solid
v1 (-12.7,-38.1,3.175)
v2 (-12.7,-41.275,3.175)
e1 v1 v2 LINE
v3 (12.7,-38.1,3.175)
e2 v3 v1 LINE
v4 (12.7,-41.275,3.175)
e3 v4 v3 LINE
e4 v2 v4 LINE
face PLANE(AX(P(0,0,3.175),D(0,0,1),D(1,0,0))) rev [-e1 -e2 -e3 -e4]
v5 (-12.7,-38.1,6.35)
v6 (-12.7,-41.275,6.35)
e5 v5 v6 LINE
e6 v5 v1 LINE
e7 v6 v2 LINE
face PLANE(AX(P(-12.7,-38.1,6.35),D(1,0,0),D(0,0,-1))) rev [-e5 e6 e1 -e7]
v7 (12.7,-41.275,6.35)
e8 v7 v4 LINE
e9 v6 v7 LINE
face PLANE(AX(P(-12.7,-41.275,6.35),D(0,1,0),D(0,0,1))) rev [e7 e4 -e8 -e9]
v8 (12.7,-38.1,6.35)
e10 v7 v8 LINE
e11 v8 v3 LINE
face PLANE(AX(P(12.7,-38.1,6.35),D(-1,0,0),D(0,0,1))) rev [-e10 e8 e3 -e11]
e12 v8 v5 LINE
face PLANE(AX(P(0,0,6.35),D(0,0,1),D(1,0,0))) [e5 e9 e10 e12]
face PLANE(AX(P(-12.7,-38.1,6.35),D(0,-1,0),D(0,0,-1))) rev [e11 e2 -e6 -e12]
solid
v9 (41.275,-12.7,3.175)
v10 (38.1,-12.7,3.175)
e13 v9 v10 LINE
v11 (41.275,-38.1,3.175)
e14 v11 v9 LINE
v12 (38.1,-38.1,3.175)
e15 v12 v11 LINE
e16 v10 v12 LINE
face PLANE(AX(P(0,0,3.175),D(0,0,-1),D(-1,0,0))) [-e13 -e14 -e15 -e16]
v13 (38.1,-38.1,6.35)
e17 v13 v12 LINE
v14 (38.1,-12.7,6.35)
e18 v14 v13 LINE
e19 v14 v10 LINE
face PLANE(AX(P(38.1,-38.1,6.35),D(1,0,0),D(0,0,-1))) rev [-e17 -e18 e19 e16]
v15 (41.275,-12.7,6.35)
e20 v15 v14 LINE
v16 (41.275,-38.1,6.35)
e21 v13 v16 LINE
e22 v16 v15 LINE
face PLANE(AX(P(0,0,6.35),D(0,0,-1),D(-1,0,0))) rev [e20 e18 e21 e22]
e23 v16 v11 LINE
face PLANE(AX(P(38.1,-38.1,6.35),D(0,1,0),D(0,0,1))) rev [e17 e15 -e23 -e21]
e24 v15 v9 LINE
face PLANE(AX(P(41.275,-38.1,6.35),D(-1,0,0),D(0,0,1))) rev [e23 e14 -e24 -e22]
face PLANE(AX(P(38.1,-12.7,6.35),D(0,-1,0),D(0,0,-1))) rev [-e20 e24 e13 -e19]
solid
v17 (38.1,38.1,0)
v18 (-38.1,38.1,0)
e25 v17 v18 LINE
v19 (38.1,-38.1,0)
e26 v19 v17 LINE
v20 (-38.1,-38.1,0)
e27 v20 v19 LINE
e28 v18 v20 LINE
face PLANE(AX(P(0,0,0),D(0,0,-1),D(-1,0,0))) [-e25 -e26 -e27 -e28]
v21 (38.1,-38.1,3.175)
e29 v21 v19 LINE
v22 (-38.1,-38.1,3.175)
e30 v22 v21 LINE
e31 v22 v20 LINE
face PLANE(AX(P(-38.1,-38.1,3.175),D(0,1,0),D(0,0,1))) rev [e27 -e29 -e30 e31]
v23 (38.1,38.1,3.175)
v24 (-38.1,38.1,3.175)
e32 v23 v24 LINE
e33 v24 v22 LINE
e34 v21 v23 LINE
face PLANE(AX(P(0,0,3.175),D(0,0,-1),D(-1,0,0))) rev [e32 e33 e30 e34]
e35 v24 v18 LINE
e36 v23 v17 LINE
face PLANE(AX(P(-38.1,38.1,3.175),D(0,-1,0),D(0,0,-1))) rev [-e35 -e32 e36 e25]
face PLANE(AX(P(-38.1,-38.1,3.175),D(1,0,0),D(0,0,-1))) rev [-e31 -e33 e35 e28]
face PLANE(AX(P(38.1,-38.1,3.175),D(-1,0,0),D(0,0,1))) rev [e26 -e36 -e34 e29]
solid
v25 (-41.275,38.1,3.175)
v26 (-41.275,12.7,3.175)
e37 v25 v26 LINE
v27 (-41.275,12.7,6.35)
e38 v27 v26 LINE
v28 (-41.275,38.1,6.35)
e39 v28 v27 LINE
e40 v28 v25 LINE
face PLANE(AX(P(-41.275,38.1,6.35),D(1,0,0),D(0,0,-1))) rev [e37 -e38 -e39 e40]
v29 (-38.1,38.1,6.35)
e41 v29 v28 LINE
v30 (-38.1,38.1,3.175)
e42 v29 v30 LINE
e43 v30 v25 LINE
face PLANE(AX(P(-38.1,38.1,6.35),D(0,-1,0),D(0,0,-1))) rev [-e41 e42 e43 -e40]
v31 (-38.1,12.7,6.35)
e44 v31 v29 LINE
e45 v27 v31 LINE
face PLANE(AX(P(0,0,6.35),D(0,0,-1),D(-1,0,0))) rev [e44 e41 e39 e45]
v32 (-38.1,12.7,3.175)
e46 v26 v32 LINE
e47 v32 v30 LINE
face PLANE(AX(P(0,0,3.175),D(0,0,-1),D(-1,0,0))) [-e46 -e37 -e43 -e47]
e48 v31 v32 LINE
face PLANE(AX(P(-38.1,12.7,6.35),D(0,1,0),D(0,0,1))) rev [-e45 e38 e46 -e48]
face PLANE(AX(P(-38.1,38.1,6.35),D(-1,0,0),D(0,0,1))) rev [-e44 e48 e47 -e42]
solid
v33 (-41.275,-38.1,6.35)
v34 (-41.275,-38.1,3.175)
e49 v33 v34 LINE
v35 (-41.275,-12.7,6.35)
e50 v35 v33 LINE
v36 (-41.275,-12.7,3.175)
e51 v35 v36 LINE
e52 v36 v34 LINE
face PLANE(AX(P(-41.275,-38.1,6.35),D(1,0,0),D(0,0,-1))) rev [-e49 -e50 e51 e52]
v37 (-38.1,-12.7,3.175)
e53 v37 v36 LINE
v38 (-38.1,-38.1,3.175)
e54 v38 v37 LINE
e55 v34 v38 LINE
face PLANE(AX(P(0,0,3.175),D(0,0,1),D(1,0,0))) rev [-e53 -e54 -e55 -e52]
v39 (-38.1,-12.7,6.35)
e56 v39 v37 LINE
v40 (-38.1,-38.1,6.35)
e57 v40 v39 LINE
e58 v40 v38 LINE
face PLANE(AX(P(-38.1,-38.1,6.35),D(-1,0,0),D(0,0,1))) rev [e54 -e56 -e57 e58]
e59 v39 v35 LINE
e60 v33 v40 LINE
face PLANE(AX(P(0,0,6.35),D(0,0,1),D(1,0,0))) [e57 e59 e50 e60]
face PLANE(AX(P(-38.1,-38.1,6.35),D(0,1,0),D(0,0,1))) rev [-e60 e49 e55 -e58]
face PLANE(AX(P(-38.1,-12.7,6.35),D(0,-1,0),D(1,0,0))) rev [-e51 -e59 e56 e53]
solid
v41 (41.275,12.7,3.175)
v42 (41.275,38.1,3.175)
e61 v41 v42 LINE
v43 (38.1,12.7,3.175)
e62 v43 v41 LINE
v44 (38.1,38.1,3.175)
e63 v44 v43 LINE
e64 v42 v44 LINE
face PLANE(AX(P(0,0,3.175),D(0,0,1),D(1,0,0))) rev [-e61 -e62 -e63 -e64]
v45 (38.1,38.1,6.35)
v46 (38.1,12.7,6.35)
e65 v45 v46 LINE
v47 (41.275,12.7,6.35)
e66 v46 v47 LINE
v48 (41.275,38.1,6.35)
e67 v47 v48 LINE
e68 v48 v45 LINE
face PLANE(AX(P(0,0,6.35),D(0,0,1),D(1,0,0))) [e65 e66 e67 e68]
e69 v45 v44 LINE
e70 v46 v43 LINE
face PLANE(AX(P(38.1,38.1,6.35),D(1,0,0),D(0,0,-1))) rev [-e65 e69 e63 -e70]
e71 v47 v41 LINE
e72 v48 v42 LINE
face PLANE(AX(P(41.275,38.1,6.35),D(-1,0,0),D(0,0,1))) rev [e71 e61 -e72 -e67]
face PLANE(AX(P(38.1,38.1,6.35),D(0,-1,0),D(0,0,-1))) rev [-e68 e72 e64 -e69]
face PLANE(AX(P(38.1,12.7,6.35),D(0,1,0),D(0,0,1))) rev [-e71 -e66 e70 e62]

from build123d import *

# Parameters (mm, degrees)
SKETCH2_W             = 76.2
SKETCH2_H             = 76.2
BOSS_EXTRUDE1_DEPTH   = 3.175
SKETCH4_W             = 3.175
SKETCH4_H             = 25.4
BOSS_EXTRUDE2_DEPTH   = 3.175
BOSS_EXTRUDE2_2_DEPTH = 3.175
SKETCH4_W_2           = 25.4
SKETCH4_H_2           = 3.175
BOSS_EXTRUDE2_3_DEPTH = 3.175
BOSS_EXTRUDE2_4_DEPTH = 3.175
BOSS_EXTRUDE2_5_DEPTH = 3.175


with BuildPart() as part:
    # Sketch2 → Boss-Extrude1 (new body)
    with BuildSketch(Plane.XY):
        Rectangle(SKETCH2_W, SKETCH2_H)
    extrude(amount=BOSS_EXTRUDE1_DEPTH)


with BuildPart() as body_2:
    # Sketch4 → Boss-Extrude2 (new body)
    with BuildSketch(Plane.XY.offset(3.175)):
        with Locations((-39.6875, 25.4)):
            Rectangle(SKETCH4_W, SKETCH4_H)
    extrude(amount=BOSS_EXTRUDE2_DEPTH)


with BuildPart() as body_3:
    # Sketch4 → Boss-Extrude2 2 (new body)
    with BuildSketch(Plane.XY.offset(3.175)):
        with Locations((-39.6875, -25.4)):
            Rectangle(SKETCH4_W, SKETCH4_H)
    extrude(amount=BOSS_EXTRUDE2_2_DEPTH)


with BuildPart() as body_4:
    # Sketch4 → Boss-Extrude2 3 (new body)
    with BuildSketch(Plane.XY.offset(3.175)):
        with Locations((0, -39.6875)):
            Rectangle(SKETCH4_W_2, SKETCH4_H_2)
    extrude(amount=BOSS_EXTRUDE2_3_DEPTH)


with BuildPart() as body_5:
    # Sketch4 → Boss-Extrude2 4 (new body)
    with BuildSketch(Plane.XY.offset(3.175)):
        with Locations((39.6875, 25.4)):
            Rectangle(SKETCH4_W, SKETCH4_H)
    extrude(amount=BOSS_EXTRUDE2_4_DEPTH)


with BuildPart() as body_6:
    # Sketch4 → Boss-Extrude2 5 (new body)
    with BuildSketch(Plane.XY.offset(3.175)):
        with Locations((39.6875, -25.4)):
            Rectangle(SKETCH4_W, SKETCH4_H)
    extrude(amount=BOSS_EXTRUDE2_5_DEPTH)


solid = Compound([part.part, body_2.part, body_3.part, body_4.part, body_5.part, body_6.part])
